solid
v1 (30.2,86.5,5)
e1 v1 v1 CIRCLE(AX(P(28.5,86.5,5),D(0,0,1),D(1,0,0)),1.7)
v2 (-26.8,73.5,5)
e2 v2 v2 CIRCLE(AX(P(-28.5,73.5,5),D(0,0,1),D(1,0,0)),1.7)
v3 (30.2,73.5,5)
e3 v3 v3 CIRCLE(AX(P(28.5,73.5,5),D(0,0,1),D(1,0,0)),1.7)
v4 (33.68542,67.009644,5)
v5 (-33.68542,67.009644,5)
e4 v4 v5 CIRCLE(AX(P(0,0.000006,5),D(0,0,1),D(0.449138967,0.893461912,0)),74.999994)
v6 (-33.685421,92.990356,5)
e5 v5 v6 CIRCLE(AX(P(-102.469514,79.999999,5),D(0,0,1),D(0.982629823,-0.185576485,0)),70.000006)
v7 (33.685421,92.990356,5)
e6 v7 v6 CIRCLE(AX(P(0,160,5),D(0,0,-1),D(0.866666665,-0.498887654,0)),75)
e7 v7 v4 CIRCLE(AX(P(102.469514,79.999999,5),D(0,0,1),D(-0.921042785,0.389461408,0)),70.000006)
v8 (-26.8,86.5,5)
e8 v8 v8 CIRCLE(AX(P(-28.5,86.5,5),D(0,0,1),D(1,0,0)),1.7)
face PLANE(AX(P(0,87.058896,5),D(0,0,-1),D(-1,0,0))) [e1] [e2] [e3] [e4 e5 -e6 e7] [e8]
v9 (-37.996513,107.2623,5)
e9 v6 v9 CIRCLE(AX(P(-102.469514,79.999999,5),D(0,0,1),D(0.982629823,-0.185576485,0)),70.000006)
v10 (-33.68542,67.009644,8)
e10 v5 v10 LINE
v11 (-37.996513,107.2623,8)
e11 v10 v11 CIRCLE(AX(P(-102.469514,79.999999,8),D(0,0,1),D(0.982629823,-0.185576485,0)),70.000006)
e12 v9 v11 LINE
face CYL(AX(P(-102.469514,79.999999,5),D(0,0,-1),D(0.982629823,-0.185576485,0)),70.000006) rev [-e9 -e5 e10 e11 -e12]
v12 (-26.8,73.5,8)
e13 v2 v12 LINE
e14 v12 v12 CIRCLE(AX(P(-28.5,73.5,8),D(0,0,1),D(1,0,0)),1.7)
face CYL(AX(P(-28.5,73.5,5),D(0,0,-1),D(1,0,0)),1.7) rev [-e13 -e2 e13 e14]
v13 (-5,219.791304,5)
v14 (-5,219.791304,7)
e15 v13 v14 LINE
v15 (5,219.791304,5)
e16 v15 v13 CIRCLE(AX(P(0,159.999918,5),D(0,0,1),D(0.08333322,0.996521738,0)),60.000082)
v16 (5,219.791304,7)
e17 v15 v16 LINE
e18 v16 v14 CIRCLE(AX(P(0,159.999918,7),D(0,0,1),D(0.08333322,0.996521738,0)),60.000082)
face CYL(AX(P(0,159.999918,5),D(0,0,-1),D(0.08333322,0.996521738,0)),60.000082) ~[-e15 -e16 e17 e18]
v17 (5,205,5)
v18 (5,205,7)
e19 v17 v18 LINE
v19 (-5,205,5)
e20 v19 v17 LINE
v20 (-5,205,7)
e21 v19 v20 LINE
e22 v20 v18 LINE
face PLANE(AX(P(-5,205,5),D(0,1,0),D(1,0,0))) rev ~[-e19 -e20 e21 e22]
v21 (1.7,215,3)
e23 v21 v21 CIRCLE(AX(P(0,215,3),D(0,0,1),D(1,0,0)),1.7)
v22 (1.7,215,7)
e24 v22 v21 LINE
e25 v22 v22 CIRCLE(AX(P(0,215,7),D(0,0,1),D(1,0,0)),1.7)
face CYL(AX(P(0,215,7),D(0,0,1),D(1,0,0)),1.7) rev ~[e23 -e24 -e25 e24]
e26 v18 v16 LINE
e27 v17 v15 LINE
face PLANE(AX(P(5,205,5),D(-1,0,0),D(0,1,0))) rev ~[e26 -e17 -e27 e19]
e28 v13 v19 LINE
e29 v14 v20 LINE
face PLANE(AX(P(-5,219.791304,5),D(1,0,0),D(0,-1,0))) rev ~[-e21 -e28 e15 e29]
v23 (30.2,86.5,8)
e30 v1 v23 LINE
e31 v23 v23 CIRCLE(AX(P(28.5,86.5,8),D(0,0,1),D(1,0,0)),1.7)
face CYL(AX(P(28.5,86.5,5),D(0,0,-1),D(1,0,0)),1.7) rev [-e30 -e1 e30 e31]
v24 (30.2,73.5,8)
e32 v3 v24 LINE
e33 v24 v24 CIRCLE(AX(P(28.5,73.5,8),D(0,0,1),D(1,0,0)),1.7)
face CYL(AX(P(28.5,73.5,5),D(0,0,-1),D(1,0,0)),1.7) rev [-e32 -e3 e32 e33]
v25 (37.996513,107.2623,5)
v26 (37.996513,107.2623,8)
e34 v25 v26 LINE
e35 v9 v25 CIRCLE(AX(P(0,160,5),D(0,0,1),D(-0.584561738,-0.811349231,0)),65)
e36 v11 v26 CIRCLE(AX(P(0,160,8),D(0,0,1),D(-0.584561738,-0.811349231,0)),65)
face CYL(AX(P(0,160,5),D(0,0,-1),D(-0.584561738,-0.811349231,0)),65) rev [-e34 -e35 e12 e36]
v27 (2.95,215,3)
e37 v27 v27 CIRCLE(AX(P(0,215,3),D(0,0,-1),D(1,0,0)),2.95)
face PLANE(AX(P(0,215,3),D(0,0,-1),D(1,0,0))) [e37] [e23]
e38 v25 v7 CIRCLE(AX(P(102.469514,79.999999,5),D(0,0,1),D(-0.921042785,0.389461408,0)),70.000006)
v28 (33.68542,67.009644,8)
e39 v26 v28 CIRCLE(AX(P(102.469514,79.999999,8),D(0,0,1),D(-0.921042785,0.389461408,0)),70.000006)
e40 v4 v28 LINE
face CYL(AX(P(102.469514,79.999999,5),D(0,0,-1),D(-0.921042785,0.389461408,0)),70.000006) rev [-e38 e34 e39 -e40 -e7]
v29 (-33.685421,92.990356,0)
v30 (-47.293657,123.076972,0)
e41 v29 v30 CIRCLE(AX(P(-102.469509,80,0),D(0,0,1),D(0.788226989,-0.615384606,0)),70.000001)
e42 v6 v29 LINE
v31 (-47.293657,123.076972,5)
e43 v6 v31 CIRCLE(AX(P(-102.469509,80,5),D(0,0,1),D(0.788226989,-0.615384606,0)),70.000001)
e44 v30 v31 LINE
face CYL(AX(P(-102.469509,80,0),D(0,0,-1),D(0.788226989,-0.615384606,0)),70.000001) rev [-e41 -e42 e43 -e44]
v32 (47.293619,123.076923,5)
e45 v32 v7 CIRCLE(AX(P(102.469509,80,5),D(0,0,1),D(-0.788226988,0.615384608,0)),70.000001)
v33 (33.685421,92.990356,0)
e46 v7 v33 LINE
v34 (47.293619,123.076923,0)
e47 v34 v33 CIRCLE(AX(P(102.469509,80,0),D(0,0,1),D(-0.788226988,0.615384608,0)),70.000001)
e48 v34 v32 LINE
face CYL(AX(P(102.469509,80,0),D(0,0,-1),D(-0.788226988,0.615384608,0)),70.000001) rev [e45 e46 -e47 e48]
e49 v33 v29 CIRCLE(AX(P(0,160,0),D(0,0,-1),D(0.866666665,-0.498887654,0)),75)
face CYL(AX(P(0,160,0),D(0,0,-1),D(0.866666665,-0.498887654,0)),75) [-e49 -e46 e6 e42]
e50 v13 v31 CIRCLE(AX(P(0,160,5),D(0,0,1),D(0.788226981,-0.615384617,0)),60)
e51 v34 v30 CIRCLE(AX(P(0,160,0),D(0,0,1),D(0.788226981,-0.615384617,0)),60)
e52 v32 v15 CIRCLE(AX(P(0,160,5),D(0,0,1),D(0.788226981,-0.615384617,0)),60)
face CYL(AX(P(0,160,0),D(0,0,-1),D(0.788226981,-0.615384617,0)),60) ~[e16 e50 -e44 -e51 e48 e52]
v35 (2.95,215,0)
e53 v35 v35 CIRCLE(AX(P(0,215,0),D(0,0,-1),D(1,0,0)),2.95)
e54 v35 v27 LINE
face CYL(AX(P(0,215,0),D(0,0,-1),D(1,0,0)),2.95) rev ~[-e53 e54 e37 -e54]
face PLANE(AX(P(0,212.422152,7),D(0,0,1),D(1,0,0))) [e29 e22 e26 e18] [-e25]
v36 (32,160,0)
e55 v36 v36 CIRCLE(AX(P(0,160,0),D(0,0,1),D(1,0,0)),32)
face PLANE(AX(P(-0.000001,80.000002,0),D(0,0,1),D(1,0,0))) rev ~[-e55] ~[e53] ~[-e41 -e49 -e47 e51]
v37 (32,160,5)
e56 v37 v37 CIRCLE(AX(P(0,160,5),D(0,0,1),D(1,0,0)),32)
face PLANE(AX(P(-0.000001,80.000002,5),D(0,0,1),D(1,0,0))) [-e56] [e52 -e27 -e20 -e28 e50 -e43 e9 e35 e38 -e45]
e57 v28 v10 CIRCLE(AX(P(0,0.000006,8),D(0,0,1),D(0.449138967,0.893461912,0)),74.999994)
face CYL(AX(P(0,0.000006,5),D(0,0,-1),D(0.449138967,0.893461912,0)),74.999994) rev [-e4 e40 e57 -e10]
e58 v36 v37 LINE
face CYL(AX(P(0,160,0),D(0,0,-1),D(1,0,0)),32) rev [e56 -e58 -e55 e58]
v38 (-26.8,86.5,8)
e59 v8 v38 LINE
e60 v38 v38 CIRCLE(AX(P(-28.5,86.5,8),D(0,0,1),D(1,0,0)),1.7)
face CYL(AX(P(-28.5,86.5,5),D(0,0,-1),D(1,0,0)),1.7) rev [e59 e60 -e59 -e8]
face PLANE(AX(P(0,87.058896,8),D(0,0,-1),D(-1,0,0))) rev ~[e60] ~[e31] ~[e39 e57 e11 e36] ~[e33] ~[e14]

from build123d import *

# Parameters (mm, degrees)
SKETCH_R        = 32
PAD_DEPTH       = 5
PAD001_DEPTH    = 2
SKETCH002_R     = 1.7
POCKET_DEPTH    = 7.001
SKETCH003_R     = 2.95
POCKET001_DEPTH = 3
SKETCH004_R     = 1.7
POCKET002_DEPTH = 7.001
POCKET004_DEPTH = 7.001
SKETCH007_R     = 1.7
PAD002_DEPTH    = 3


with BuildPart() as part:
    # Sketch → Pad (new body)
    with BuildSketch(Plane.XY):
        with BuildLine():
            ThreePointArc((-47.293619, 36.923077), (0, -60), (47.293619, 36.923077))
            ThreePointArc((47.293619, 123.076923), (32.469508, 80), (47.293619, 36.923077))
            ThreePointArc((47.293619, 123.076923), (3.1e-05, 220), (-47.293657, 123.076972))
            ThreePointArc((-47.293619, 36.923077), (-32.469508, 80.000031), (-47.293657, 123.076972))
        make_face()
        Circle(SKETCH_R, mode=Mode.SUBTRACT)
        with Locations((0, 160)):
            Circle(SKETCH_R, mode=Mode.SUBTRACT)
    extrude(amount=PAD_DEPTH)

    # Sketch001 (on Face8 of Pad) → Pad001 (join)
    with BuildSketch(Plane.XY.offset(5)):
        with BuildLine():
            Line((-5, -59.791304), (-5, -45))
            Line((-5, -45), (5, -45))
            Line((5, -45), (5, -59.791304))
            ThreePointArc((-5, -59.791304), (0, -60), (5, -59.791304))
        make_face()
        with BuildLine():
            ThreePointArc((5, 219.791304), (0, 220), (-5, 219.791304))
            Line((-5, 219.791304), (-5, 205))
            Line((-5, 205), (5, 205))
            Line((5, 205), (5, 219.791304))
        make_face()
    extrude(amount=PAD001_DEPTH)

    # Sketch002 (on Face14 of Pad001) → Pocket (cut, through all)
    with BuildSketch(Plane.XY.offset(7)):
        with Locations((0, -55)):
            Circle(SKETCH002_R)
        with Locations((0, 215)):
            Circle(SKETCH002_R)
    extrude(amount=-POCKET_DEPTH, mode=Mode.SUBTRACT)

    # Sketch003 (on Face4 of Pocket) → Pocket001 (cut)
    with BuildSketch(Plane(origin=(0, 0, 0), x_dir=(1, 0, 0), z_dir=(0, 0, -1))):
        with Locations((0, 55)):
            Circle(SKETCH003_R)
        with Locations((0, -215)):
            Circle(SKETCH003_R)
    extrude(amount=-POCKET001_DEPTH, mode=Mode.SUBTRACT)

    # Sketch004 (on Face4 of Pocket001) → Pocket002 (cut, through all)
    with BuildSketch(Plane(origin=(0, 0, 0), x_dir=(1, 0, 0), z_dir=(0, 0, -1))):
        with Locations((28.5, -73.5)):
            Circle(SKETCH004_R)
        with Locations((28.5, -86.5)):
            Circle(SKETCH004_R)
        with Locations((-28.5, -86.5)):
            Circle(SKETCH004_R)
        with Locations((-28.5, -73.5)):
            Circle(SKETCH004_R)
    extrude(amount=-POCKET002_DEPTH, mode=Mode.SUBTRACT)

    # Sketch006 (on Face4 of Pocket002) → Pocket004 (cut, through all)
    with BuildSketch(Plane(origin=(0, 0, 0), x_dir=(1, 0, 0), z_dir=(0, 0, -1))):
        with BuildLine():
            ThreePointArc((65, -122.583426), (0, -85), (-65, -122.583426))
            Line((-65, -122.583426), (-65, 77.416574))
            Line((-65, 77.416574), (65, 77.416574))
            Line((65, 77.416574), (65, -122.583426))
        make_face()
    extrude(amount=-POCKET004_DEPTH, mode=Mode.SUBTRACT)

    # Sketch007 (on Face4 of Pocket004) → Pad002 (join)
    with BuildSketch(Plane.XY.offset(5)):
        with BuildLine():
            ThreePointArc((33.68542, 67.009644), (0, 75), (-33.68542, 67.009644))
            ThreePointArc((-33.68542, 67.009644), (-32.867557, 87.454427), (-37.996513, 107.2623))
            ThreePointArc((-37.996513, 107.2623), (0, 95), (37.996513, 107.2623))
            ThreePointArc((37.996513, 107.2623), (32.867557, 87.454427), (33.68542, 67.009644))
        make_face()
        with Locations((-28.5, 86.5)):
            Circle(SKETCH007_R, mode=Mode.SUBTRACT)
        with Locations((-28.5, 73.5)):
            Circle(SKETCH007_R, mode=Mode.SUBTRACT)
        with Locations((28.5, 73.5)):
            Circle(SKETCH007_R, mode=Mode.SUBTRACT)
        with Locations((28.5, 86.5)):
            Circle(SKETCH007_R, mode=Mode.SUBTRACT)
    extrude(amount=PAD002_DEPTH)


solid = part.part
